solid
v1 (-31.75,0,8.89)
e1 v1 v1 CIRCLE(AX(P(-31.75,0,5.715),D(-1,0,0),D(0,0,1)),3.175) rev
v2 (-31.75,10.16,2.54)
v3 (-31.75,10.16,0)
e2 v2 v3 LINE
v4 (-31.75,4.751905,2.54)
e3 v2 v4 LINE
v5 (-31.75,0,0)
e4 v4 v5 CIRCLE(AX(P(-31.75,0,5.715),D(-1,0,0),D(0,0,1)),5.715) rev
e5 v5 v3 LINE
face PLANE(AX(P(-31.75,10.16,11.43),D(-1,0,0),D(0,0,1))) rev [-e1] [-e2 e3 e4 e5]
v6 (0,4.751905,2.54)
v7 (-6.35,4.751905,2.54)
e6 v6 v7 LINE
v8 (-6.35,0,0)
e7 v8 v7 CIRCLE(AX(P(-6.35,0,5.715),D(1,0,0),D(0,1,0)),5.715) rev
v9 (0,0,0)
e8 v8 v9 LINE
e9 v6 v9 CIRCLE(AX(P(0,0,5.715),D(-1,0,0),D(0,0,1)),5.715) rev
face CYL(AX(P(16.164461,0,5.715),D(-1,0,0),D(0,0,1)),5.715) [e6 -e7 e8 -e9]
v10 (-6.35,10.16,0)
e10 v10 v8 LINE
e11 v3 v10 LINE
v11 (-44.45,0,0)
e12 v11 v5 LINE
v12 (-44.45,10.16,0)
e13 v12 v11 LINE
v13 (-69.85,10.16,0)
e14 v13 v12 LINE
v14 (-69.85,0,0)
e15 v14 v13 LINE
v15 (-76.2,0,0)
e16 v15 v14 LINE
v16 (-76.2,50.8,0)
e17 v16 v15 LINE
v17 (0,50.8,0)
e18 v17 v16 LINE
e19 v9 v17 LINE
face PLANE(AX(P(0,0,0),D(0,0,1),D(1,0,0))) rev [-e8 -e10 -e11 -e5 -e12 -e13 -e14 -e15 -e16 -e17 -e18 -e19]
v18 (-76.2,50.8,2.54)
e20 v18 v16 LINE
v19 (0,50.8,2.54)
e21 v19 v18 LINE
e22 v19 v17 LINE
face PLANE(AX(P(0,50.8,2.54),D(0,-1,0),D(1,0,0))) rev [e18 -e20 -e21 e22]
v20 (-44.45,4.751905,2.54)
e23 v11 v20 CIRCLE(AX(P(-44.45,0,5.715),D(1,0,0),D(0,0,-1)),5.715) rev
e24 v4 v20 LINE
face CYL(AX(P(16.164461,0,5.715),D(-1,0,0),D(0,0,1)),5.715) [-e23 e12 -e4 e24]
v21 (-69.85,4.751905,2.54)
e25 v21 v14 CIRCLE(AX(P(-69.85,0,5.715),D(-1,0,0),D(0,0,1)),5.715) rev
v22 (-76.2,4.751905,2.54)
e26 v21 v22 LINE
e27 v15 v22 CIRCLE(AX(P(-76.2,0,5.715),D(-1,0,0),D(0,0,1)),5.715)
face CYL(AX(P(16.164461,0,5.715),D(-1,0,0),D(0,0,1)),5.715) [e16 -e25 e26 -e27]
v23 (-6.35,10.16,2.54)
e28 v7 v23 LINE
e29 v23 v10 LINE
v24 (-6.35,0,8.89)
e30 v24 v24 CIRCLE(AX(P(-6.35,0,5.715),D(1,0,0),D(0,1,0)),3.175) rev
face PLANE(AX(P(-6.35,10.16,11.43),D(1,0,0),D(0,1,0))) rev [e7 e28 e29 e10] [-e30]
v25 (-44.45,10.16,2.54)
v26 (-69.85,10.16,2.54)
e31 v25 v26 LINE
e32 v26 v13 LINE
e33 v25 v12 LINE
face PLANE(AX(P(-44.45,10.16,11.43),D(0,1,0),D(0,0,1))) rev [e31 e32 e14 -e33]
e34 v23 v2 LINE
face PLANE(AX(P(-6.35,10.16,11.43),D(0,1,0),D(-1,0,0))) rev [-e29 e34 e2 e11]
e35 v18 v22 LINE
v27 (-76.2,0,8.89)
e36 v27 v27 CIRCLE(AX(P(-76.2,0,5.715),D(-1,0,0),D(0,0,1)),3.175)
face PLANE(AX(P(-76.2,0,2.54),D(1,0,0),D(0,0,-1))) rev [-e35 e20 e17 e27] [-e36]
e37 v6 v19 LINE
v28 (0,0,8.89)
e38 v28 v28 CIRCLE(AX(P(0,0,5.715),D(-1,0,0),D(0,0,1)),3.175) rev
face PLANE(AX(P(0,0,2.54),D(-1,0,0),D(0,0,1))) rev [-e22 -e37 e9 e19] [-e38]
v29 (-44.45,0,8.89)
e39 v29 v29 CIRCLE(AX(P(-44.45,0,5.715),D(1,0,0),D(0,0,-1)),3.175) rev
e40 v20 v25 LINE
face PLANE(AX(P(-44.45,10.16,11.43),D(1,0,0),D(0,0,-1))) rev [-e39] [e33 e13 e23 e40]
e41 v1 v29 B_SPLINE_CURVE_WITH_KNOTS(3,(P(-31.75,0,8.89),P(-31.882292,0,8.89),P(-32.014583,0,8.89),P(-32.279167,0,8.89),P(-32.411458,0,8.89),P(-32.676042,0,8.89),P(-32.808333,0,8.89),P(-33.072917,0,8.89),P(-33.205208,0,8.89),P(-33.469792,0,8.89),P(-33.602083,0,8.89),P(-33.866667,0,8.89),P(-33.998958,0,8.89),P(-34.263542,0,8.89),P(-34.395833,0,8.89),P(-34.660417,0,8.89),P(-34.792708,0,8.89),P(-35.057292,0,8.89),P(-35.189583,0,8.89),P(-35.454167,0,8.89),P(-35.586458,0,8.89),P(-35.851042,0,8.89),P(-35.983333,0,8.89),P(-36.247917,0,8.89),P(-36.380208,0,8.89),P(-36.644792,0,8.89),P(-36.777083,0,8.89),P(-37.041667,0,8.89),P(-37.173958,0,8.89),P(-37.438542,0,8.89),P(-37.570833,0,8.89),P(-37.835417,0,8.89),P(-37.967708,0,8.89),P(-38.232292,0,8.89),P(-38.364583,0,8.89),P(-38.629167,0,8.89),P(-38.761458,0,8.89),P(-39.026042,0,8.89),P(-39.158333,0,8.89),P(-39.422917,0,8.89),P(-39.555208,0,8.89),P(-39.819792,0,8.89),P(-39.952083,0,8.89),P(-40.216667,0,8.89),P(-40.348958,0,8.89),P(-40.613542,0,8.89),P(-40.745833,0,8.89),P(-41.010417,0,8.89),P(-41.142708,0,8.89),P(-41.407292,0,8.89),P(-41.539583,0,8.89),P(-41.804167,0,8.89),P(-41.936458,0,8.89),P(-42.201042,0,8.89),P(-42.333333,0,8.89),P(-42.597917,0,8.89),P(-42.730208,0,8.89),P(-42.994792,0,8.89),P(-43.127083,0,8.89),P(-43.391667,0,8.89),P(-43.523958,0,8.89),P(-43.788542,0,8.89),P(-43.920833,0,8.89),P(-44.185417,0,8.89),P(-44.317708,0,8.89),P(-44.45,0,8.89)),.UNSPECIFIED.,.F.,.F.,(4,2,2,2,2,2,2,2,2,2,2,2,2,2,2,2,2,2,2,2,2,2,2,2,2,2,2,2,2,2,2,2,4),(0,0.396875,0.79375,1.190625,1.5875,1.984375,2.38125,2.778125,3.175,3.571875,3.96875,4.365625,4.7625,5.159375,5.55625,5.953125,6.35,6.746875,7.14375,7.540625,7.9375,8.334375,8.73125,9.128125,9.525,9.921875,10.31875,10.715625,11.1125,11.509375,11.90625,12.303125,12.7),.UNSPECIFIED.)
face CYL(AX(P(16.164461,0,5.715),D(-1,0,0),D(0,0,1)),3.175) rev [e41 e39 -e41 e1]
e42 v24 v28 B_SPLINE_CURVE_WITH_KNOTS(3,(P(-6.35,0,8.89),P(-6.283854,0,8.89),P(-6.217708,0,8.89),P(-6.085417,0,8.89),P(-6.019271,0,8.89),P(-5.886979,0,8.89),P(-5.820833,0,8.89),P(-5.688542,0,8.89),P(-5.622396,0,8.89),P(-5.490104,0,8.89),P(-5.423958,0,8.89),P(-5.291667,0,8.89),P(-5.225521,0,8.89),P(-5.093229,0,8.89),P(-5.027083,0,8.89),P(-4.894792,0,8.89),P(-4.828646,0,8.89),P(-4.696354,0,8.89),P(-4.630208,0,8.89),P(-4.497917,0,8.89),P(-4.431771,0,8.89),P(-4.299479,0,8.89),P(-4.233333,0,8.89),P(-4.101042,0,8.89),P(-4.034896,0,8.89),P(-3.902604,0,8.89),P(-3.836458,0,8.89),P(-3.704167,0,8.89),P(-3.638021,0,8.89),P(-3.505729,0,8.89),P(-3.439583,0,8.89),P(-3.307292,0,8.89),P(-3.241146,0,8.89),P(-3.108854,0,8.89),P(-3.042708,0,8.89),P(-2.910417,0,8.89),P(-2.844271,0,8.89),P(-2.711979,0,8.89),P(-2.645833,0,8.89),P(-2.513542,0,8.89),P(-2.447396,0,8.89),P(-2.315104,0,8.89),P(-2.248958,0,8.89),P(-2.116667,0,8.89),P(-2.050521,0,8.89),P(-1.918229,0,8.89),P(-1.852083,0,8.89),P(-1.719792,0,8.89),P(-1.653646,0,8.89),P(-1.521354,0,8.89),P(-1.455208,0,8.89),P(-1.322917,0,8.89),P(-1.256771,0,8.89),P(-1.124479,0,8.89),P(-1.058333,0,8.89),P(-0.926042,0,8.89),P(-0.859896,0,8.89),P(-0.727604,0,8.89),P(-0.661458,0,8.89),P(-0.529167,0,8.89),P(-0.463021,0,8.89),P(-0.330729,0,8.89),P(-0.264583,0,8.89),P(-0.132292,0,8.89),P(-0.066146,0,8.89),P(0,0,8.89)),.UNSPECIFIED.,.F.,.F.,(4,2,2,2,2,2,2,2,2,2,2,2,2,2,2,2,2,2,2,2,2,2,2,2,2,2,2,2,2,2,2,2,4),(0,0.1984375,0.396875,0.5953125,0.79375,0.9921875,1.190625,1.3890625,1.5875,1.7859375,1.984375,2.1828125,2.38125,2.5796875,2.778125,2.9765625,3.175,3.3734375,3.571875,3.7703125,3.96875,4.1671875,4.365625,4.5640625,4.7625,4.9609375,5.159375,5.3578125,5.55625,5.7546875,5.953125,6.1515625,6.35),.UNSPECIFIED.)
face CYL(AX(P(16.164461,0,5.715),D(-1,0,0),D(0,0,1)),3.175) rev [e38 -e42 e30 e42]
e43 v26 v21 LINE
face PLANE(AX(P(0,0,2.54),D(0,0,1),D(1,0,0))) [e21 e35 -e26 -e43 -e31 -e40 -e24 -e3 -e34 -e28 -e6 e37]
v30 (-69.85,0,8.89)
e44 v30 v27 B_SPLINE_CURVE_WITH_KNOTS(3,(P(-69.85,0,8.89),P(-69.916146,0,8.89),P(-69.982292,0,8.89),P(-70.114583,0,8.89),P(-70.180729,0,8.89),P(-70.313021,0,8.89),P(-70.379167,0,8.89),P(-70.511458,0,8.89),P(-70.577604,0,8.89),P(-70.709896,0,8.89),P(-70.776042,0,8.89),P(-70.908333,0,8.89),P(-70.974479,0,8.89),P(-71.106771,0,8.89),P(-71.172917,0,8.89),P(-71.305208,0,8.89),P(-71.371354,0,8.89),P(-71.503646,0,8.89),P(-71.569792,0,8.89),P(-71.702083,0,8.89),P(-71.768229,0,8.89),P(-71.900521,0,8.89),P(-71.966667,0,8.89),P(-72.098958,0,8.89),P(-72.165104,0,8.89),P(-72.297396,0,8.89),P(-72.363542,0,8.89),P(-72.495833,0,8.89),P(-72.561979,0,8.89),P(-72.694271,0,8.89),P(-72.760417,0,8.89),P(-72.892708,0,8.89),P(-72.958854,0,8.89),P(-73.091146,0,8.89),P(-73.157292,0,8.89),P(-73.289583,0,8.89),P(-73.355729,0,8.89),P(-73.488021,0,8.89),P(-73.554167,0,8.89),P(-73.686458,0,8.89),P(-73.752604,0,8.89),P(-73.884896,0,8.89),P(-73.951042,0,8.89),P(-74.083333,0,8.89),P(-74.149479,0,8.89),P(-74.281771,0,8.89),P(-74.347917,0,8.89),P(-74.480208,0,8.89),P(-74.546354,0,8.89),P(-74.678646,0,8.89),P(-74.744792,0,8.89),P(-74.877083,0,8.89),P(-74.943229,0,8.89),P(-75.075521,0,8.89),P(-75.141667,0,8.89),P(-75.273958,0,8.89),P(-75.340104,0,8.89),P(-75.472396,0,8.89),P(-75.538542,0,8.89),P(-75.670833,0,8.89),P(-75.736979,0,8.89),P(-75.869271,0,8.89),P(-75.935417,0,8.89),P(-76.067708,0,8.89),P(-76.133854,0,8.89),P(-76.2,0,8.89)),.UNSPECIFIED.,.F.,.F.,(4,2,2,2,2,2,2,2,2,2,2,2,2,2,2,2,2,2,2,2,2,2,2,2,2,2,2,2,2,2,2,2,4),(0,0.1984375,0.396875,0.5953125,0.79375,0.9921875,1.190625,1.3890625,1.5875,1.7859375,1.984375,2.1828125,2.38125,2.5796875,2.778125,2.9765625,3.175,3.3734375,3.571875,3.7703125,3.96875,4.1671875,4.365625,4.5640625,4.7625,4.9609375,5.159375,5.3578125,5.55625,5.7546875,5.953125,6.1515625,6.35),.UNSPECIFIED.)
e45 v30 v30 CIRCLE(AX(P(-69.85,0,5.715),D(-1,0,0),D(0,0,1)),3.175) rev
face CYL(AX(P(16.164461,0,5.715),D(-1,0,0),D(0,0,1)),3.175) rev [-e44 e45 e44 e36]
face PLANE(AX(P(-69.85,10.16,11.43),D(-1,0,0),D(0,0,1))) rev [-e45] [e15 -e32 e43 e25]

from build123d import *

# Parameters (mm, degrees)
SKETCH1_W           = 76.2
SKETCH1_H           = 50.8
BOSS_EXTRUDE1_DEPTH = 2.54
SKETCH2_R           = 5.715
SKETCH2_R_2         = 3.175
BOSS_EXTRUDE2_DEPTH = 76.2
SKETCH3_W           = 25.4
SKETCH3_H           = 25.4
CUT_EXTRUDE1_DEPTH  = 93.291521279


with BuildPart() as part:
    # Sketch1 → Boss-Extrude1 (new body)
    with BuildSketch(Plane.XY):
        with Locations((-38.1, 25.4)):
            Rectangle(SKETCH1_W, SKETCH1_H)
    extrude(amount=BOSS_EXTRUDE1_DEPTH)

    # Sketch2 → Boss-Extrude2 (add)
    with BuildSketch(Plane.ZY.offset(76.2)):
        with Locations((5.715, 0)):
            Circle(SKETCH2_R)
        with Locations((5.715, 0)):
            Circle(SKETCH2_R_2, mode=Mode.SUBTRACT)
    extrude(amount=-BOSS_EXTRUDE2_DEPTH)

    # Sketch3 → Cut-Extrude1 (cut, through all)
    with BuildSketch(Plane(origin=(0, 0, 0), x_dir=(-1, 0, 0), z_dir=(0, 0, -1))):
        with Locations((19.05, -2.54)):
            Rectangle(SKETCH3_W, SKETCH3_H)
        with Locations((57.15, -2.54)):
            Rectangle(SKETCH3_W, SKETCH3_H)
    extrude(amount=-CUT_EXTRUDE1_DEPTH, mode=Mode.SUBTRACT)


solid = part.part
